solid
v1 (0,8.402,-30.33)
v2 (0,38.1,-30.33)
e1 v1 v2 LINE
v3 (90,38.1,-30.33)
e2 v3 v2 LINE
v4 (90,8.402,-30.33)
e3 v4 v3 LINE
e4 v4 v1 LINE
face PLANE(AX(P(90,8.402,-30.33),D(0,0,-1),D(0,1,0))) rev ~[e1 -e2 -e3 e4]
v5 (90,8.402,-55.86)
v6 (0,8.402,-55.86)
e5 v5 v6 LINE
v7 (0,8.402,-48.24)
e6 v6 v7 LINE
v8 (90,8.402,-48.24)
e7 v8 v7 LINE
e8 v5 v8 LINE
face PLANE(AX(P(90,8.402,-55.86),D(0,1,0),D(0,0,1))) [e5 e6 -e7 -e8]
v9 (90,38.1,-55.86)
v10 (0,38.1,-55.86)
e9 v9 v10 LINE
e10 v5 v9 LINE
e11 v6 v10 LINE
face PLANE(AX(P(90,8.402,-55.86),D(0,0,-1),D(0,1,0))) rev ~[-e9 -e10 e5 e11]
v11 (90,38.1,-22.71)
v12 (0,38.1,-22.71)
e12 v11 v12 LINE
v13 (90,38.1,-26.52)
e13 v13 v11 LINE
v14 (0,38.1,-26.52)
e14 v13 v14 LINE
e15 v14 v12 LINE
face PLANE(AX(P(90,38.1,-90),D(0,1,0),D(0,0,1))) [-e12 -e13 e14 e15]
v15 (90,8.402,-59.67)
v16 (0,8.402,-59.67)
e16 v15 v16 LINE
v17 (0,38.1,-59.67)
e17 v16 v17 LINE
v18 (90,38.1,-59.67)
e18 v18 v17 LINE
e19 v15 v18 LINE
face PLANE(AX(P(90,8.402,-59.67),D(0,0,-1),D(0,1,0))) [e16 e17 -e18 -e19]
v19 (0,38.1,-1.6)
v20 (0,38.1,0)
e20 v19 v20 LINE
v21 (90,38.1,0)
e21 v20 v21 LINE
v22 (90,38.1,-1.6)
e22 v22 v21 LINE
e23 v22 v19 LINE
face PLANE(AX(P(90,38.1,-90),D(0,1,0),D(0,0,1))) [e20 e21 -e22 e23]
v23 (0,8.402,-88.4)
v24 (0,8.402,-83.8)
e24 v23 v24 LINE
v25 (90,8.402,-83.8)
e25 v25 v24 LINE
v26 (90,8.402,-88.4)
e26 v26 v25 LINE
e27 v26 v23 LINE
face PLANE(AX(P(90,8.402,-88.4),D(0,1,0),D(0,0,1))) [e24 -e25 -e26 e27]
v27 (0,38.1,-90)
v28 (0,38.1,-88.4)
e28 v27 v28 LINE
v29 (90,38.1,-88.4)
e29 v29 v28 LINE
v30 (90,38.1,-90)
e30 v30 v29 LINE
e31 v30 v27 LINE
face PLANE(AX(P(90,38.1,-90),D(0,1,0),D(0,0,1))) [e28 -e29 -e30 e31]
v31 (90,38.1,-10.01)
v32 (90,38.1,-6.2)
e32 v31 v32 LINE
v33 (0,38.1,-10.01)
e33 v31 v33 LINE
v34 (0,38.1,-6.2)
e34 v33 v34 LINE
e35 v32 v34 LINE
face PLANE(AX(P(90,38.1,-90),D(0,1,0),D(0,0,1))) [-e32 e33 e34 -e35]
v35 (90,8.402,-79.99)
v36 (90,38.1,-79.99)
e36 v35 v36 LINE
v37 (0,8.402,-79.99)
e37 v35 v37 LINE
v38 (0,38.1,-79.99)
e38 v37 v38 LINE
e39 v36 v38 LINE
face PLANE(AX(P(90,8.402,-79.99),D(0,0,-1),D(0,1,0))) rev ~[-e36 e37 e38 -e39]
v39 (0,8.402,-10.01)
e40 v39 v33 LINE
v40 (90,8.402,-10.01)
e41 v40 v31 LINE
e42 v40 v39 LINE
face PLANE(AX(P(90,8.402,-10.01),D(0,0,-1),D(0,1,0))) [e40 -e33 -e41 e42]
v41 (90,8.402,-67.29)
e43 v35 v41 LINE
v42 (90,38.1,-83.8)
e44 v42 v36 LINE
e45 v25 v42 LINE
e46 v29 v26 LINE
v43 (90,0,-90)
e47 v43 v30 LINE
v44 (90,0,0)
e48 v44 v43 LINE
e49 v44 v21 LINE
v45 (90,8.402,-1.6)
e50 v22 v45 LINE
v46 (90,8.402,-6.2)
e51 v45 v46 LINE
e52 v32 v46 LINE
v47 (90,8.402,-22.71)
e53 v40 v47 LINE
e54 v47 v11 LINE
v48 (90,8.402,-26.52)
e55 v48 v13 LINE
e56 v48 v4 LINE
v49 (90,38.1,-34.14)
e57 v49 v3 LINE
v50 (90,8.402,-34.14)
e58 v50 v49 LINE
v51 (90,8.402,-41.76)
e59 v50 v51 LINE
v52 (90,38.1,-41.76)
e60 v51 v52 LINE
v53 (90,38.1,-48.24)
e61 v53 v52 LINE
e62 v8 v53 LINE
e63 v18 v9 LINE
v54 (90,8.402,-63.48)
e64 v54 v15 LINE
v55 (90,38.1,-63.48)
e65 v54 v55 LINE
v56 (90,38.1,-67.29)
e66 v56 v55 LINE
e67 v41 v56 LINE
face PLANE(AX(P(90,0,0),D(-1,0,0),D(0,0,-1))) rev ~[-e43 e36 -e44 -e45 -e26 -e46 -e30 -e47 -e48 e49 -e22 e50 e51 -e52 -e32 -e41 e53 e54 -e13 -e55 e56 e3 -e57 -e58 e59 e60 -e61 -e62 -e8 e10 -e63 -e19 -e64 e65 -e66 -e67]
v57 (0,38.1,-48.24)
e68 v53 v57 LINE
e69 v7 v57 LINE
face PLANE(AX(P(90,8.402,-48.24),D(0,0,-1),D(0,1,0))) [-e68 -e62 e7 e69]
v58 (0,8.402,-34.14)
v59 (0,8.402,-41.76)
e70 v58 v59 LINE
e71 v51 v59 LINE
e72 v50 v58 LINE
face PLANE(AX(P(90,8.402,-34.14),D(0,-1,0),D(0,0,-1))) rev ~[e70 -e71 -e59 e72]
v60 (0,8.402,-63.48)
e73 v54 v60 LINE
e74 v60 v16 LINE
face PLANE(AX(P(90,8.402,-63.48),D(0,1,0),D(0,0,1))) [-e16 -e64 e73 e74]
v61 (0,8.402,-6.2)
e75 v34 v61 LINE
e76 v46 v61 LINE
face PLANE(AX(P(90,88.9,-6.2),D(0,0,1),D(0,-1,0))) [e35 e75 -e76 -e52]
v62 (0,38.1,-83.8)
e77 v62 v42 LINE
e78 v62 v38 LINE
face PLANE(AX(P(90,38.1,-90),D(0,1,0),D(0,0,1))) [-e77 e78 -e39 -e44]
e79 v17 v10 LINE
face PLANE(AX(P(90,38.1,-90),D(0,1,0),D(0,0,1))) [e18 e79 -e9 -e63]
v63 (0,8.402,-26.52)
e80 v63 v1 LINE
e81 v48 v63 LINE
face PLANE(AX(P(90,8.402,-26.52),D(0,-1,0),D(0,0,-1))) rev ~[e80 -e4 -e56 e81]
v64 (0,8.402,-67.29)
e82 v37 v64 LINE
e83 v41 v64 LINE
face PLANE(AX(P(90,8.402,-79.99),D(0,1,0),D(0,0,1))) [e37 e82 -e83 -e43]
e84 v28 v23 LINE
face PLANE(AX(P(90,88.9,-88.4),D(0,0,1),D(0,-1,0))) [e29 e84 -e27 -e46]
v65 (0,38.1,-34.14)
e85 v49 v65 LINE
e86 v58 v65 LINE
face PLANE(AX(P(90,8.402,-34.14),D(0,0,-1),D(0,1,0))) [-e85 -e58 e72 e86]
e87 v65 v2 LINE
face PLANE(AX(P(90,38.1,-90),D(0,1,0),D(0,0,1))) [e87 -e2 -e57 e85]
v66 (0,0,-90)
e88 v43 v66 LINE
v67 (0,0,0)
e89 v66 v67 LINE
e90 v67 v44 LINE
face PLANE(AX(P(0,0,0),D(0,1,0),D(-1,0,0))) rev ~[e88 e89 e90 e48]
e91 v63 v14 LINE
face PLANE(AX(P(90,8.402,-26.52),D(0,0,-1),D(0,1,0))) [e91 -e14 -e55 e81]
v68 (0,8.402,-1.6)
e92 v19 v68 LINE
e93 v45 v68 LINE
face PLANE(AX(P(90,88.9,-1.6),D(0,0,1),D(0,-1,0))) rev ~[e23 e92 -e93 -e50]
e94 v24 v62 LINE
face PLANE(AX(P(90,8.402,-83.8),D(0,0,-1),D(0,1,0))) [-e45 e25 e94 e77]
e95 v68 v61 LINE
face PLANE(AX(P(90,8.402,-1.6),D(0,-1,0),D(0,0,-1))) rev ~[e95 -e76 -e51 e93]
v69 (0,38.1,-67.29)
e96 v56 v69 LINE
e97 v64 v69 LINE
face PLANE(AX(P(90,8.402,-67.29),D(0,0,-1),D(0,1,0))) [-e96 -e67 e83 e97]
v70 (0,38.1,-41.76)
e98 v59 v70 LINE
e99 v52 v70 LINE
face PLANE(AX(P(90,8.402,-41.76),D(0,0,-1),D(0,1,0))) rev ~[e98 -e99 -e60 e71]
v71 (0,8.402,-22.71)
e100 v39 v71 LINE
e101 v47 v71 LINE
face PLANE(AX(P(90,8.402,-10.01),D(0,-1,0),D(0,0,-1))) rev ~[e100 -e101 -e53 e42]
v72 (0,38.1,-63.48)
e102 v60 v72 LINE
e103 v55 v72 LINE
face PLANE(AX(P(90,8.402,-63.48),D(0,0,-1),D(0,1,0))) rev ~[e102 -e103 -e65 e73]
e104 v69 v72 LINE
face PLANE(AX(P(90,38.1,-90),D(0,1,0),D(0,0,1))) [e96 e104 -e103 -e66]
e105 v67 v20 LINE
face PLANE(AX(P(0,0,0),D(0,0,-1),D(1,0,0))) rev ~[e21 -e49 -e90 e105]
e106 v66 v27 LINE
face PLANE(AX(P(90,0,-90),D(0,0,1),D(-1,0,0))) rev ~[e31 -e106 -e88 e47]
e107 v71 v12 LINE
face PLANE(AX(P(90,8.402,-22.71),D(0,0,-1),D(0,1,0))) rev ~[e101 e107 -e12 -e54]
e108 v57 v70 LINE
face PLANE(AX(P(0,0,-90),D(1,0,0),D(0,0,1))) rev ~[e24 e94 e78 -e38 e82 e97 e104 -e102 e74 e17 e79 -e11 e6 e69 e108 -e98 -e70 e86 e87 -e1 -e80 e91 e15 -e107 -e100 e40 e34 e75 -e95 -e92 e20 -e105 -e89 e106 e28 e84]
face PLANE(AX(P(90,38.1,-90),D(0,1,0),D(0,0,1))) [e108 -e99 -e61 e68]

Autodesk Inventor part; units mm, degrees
ref_plane "YZ Plane" through (0, 0, 0) normal (1, 0, 0) x (0, 1, 0)
ref_plane "XZ Plane" through (0, 0, 0) normal (0, 1, 0) x (-1, 0, 0)
ref_plane "XY Plane" through (0, 0, 0) normal (0, 0, 1) x (1, 0, 0)
sketch "Sketch1" plane through (0, 0, 0) normal (0, 1, 0) x (-1, 0, 0)
  line L0 (0, 0) -> (-90, 0)
  line L1 (-90, 0) -> (-90, -90)
  line L2 (-90, -90) -> (0, -90)
  line L3 (0, -90) -> (0, 0)
  dimension "d0" = 90
  dimension "d1" = 90
extrude "Extrusion1" add sketch "Sketch1" along normal blind 88.9
sketch "Sketch2" plane through (90, 0, 0) normal (1, 0, 0) x (0, 0, -1)
  line L0 (0, 0) -> (90, 0) projected
  line L1 (90, 0) -> (90, 88.9) projected
  line L2 (0, 88.9) -> (90, 88.9) projected
  line L3 (0, 0) -> (0, 88.9) projected
  line L4 (0, 88.9) -> (1.6, 88.9)
  line L5 (0, 88.9) -> (90, 88.9) projected
  line L6 (1.6, 88.9) -> (6.2, 88.9)
  line L7 (6.2, 88.9) -> (7.8, 88.9)
  line L8 (7.8, 88.9) -> (7.8, 8.402)
  line L9 (6.2, 88.9) -> (6.2, 8.402)
  line L10 (1.6, 88.9) -> (1.6, 8.402)
  line L11 (1.6, 8.402) -> (6.2, 8.402)
  line L12 (90, 88.9) -> (88.4, 88.9)
  line L13 (88.4, 88.9) -> (88.4, 8.402)
  line L14 (88.4, 8.402) -> (83.8, 8.402)
  line L15 (83.8, 8.402) -> (83.8, 88.9)
  dimension "d4" = 1.6
  dimension "d5" = 4.6
  dimension "d6" = 1.6
  dimension "d7" = 1.6
  dimension "d8" = 4.6
extrude "Extrusion2" cut sketch "Sketch2" against normal blind 127 contours L2 L9 L11 L10 | L13 L14 L15 L2
sketch "Sketch3" plane through (90, 0, 0) normal (1, 0, 0) x (0, 0, -1)
  line L0 (1.6, 8.402) -> (1.6, 88.9) projected
  line L1 (0, 88.9) -> (1.6, 88.9) projected
  line L2 (0, 0) -> (0, 88.9) projected
  line L3 (0, 0) -> (90, 0) projected
  line L4 (90, 0) -> (90, 88.9) projected
  line L5 (88.4, 88.9) -> (90, 88.9) projected
  line L6 (88.4, 88.9) -> (88.4, 8.402) projected
  line L7 (88.4, 8.402) -> (83.8, 8.402) projected
  line L8 (83.8, 8.402) -> (83.8, 88.9) projected
  line L9 (6.2, 88.9) -> (83.8, 88.9) projected
  line L10 (6.2, 88.9) -> (6.2, 8.402) projected
  line L11 (6.2, 8.402) -> (1.6, 8.402) projected
sketch "Sketch5" plane through (90, 0, 0) normal (1, 0, 0) x (0, 0, -1)
  line L0 (-0.0003, 88.9) -> (90, 88.9)
  line L1 (90, 88.9) -> (90, 38.1)
  line L2 (90, 38.1) -> (-0.0003, 38.1)
  line L3 (-0.0003, 38.1) -> (-0.0003, 88.9)
  point P0 (0, 0)
  dimension "d24" = 50.8
extrude "Extrusion3" cut sketch "Sketch5" against normal blind 111.125
sketch "Sketch6" plane through (90, 0, 0) normal (1, 0, 0) x (0, 0, -1)
  line L0 (1.6, 38.1) -> (0, 38.1) projected
  line L1 (0, 0) -> (0, 38.1) projected
  line L2 (0, 0) -> (90, 0) projected
  line L3 (90, 0) -> (90, 38.1) projected
  line L4 (90, 38.1) -> (88.4, 38.1) projected
  line L5 (88.4, 38.1) -> (88.4, 8.402) projected
  line L6 (88.4, 8.402) -> (83.8, 8.402) projected
  line L7 (83.8, 8.402) -> (83.8, 38.1) projected
  line L8 (83.8, 38.1) -> (6.2, 38.1) projected
  line L9 (6.2, 38.1) -> (6.2, 8.402) projected
  line L10 (6.2, 8.402) -> (1.6, 8.402) projected
  line L11 (1.6, 8.402) -> (1.6, 38.1) projected
  line L12 (6.2, 38.1) -> (6.2, 8.402)
  line L13 (6.2, 8.402) -> (10.01, 8.402)
  line L14 (10.01, 8.402) -> (10.01, 38.1)
  line L15 (10.01, 38.1) -> (6.2, 38.1)
  line L16 (10.01, 38.1) -> (10.01, 8.402)
  line L17 (10.01, 8.402) -> (22.71, 8.402)
  line L18 (22.71, 8.402) -> (22.71, 38.1)
  line L19 (22.71, 38.1) -> (10.01, 38.1)
  line L20 (22.71, 38.1) -> (22.71, 8.402)
  line L21 (22.71, 8.402) -> (26.52, 8.402)
  line L22 (26.52, 8.402) -> (26.52, 38.1)
  line L23 (26.52, 38.1) -> (22.71, 38.1)
  line L24 (26.52, 38.1) -> (26.52, 8.402)
  line L25 (26.52, 8.402) -> (30.33, 8.402)
  line L26 (30.33, 8.402) -> (30.33, 38.1)
  line L27 (30.33, 38.1) -> (26.52, 38.1)
  line L28 (30.33, 38.1) -> (30.33, 8.402)
  line L29 (30.33, 8.402) -> (34.14, 8.402)
  line L30 (34.14, 8.402) -> (34.14, 38.1)
  line L31 (34.14, 38.1) -> (30.33, 38.1)
  line L32 (83.8, 38.1) -> (83.8, 8.402)
  line L33 (83.8, 8.402) -> (79.99, 8.402)
  line L34 (79.99, 8.402) -> (79.99, 38.1)
  line L35 (79.99, 38.1) -> (83.8, 38.1)
  line L36 (79.99, 38.1) -> (79.99, 8.402)
  line L37 (79.99, 8.402) -> (67.29, 8.402)
  line L38 (67.29, 8.402) -> (67.29, 38.1)
  line L39 (67.29, 38.1) -> (79.99, 38.1)
  line L40 (67.29, 38.1) -> (67.29, 8.402)
  line L41 (67.29, 8.402) -> (63.48, 8.402)
  line L42 (63.48, 8.402) -> (63.48, 38.1)
  line L43 (63.48, 38.1) -> (67.29, 38.1)
  line L44 (63.48, 38.1) -> (63.48, 8.402)
  line L45 (63.48, 8.402) -> (59.67, 8.402)
  line L46 (59.67, 8.402) -> (59.67, 38.1)
  line L47 (59.67, 38.1) -> (63.48, 38.1)
  line L48 (59.67, 38.1) -> (59.67, 8.402)
  line L49 (59.67, 8.402) -> (55.86, 8.402)
  line L50 (55.86, 8.402) -> (55.86, 38.1)
  line L51 (55.86, 38.1) -> (59.67, 38.1)
  line L52 (55.86, 38.1) -> (55.86, 8.402)
  line L53 (55.86, 8.402) -> (48.24, 8.402)
  line L54 (48.24, 8.402) -> (48.24, 38.1)
  line L55 (48.24, 38.1) -> (55.86, 38.1)
  line L56 (34.14, 38.1) -> (34.14, 8.402)
  line L57 (34.14, 8.402) -> (41.76, 8.402)
  line L58 (41.76, 8.402) -> (41.76, 38.1)
  line L59 (41.76, 38.1) -> (34.14, 38.1)
  dimension "d27" = 3.81
  dimension "d28" = 12.7
  dimension "d29" = 3.81
  dimension "d30" = 3.81
  dimension "d31" = 3.81
  dimension "d32" = 3.81
  dimension "d33" = 12.7
  dimension "d34" = 3.81
  dimension "d35" = 3.81
  dimension "d36" = 3.81
  dimension "d37" = 7.62
  dimension "d38" = 7.62
extrude "Extrusion4" cut sketch "Sketch6" against normal blind 111.125 contours L14 L8 L18 L17 | L22 L8 L26 L25 | L30 L8 L58 L57 | L37 L38 L8 L34 | L45 L46 L8 L42 | L8 L50 L53 L54
properties part number "HeatSink" material "Aluminum 6061"
